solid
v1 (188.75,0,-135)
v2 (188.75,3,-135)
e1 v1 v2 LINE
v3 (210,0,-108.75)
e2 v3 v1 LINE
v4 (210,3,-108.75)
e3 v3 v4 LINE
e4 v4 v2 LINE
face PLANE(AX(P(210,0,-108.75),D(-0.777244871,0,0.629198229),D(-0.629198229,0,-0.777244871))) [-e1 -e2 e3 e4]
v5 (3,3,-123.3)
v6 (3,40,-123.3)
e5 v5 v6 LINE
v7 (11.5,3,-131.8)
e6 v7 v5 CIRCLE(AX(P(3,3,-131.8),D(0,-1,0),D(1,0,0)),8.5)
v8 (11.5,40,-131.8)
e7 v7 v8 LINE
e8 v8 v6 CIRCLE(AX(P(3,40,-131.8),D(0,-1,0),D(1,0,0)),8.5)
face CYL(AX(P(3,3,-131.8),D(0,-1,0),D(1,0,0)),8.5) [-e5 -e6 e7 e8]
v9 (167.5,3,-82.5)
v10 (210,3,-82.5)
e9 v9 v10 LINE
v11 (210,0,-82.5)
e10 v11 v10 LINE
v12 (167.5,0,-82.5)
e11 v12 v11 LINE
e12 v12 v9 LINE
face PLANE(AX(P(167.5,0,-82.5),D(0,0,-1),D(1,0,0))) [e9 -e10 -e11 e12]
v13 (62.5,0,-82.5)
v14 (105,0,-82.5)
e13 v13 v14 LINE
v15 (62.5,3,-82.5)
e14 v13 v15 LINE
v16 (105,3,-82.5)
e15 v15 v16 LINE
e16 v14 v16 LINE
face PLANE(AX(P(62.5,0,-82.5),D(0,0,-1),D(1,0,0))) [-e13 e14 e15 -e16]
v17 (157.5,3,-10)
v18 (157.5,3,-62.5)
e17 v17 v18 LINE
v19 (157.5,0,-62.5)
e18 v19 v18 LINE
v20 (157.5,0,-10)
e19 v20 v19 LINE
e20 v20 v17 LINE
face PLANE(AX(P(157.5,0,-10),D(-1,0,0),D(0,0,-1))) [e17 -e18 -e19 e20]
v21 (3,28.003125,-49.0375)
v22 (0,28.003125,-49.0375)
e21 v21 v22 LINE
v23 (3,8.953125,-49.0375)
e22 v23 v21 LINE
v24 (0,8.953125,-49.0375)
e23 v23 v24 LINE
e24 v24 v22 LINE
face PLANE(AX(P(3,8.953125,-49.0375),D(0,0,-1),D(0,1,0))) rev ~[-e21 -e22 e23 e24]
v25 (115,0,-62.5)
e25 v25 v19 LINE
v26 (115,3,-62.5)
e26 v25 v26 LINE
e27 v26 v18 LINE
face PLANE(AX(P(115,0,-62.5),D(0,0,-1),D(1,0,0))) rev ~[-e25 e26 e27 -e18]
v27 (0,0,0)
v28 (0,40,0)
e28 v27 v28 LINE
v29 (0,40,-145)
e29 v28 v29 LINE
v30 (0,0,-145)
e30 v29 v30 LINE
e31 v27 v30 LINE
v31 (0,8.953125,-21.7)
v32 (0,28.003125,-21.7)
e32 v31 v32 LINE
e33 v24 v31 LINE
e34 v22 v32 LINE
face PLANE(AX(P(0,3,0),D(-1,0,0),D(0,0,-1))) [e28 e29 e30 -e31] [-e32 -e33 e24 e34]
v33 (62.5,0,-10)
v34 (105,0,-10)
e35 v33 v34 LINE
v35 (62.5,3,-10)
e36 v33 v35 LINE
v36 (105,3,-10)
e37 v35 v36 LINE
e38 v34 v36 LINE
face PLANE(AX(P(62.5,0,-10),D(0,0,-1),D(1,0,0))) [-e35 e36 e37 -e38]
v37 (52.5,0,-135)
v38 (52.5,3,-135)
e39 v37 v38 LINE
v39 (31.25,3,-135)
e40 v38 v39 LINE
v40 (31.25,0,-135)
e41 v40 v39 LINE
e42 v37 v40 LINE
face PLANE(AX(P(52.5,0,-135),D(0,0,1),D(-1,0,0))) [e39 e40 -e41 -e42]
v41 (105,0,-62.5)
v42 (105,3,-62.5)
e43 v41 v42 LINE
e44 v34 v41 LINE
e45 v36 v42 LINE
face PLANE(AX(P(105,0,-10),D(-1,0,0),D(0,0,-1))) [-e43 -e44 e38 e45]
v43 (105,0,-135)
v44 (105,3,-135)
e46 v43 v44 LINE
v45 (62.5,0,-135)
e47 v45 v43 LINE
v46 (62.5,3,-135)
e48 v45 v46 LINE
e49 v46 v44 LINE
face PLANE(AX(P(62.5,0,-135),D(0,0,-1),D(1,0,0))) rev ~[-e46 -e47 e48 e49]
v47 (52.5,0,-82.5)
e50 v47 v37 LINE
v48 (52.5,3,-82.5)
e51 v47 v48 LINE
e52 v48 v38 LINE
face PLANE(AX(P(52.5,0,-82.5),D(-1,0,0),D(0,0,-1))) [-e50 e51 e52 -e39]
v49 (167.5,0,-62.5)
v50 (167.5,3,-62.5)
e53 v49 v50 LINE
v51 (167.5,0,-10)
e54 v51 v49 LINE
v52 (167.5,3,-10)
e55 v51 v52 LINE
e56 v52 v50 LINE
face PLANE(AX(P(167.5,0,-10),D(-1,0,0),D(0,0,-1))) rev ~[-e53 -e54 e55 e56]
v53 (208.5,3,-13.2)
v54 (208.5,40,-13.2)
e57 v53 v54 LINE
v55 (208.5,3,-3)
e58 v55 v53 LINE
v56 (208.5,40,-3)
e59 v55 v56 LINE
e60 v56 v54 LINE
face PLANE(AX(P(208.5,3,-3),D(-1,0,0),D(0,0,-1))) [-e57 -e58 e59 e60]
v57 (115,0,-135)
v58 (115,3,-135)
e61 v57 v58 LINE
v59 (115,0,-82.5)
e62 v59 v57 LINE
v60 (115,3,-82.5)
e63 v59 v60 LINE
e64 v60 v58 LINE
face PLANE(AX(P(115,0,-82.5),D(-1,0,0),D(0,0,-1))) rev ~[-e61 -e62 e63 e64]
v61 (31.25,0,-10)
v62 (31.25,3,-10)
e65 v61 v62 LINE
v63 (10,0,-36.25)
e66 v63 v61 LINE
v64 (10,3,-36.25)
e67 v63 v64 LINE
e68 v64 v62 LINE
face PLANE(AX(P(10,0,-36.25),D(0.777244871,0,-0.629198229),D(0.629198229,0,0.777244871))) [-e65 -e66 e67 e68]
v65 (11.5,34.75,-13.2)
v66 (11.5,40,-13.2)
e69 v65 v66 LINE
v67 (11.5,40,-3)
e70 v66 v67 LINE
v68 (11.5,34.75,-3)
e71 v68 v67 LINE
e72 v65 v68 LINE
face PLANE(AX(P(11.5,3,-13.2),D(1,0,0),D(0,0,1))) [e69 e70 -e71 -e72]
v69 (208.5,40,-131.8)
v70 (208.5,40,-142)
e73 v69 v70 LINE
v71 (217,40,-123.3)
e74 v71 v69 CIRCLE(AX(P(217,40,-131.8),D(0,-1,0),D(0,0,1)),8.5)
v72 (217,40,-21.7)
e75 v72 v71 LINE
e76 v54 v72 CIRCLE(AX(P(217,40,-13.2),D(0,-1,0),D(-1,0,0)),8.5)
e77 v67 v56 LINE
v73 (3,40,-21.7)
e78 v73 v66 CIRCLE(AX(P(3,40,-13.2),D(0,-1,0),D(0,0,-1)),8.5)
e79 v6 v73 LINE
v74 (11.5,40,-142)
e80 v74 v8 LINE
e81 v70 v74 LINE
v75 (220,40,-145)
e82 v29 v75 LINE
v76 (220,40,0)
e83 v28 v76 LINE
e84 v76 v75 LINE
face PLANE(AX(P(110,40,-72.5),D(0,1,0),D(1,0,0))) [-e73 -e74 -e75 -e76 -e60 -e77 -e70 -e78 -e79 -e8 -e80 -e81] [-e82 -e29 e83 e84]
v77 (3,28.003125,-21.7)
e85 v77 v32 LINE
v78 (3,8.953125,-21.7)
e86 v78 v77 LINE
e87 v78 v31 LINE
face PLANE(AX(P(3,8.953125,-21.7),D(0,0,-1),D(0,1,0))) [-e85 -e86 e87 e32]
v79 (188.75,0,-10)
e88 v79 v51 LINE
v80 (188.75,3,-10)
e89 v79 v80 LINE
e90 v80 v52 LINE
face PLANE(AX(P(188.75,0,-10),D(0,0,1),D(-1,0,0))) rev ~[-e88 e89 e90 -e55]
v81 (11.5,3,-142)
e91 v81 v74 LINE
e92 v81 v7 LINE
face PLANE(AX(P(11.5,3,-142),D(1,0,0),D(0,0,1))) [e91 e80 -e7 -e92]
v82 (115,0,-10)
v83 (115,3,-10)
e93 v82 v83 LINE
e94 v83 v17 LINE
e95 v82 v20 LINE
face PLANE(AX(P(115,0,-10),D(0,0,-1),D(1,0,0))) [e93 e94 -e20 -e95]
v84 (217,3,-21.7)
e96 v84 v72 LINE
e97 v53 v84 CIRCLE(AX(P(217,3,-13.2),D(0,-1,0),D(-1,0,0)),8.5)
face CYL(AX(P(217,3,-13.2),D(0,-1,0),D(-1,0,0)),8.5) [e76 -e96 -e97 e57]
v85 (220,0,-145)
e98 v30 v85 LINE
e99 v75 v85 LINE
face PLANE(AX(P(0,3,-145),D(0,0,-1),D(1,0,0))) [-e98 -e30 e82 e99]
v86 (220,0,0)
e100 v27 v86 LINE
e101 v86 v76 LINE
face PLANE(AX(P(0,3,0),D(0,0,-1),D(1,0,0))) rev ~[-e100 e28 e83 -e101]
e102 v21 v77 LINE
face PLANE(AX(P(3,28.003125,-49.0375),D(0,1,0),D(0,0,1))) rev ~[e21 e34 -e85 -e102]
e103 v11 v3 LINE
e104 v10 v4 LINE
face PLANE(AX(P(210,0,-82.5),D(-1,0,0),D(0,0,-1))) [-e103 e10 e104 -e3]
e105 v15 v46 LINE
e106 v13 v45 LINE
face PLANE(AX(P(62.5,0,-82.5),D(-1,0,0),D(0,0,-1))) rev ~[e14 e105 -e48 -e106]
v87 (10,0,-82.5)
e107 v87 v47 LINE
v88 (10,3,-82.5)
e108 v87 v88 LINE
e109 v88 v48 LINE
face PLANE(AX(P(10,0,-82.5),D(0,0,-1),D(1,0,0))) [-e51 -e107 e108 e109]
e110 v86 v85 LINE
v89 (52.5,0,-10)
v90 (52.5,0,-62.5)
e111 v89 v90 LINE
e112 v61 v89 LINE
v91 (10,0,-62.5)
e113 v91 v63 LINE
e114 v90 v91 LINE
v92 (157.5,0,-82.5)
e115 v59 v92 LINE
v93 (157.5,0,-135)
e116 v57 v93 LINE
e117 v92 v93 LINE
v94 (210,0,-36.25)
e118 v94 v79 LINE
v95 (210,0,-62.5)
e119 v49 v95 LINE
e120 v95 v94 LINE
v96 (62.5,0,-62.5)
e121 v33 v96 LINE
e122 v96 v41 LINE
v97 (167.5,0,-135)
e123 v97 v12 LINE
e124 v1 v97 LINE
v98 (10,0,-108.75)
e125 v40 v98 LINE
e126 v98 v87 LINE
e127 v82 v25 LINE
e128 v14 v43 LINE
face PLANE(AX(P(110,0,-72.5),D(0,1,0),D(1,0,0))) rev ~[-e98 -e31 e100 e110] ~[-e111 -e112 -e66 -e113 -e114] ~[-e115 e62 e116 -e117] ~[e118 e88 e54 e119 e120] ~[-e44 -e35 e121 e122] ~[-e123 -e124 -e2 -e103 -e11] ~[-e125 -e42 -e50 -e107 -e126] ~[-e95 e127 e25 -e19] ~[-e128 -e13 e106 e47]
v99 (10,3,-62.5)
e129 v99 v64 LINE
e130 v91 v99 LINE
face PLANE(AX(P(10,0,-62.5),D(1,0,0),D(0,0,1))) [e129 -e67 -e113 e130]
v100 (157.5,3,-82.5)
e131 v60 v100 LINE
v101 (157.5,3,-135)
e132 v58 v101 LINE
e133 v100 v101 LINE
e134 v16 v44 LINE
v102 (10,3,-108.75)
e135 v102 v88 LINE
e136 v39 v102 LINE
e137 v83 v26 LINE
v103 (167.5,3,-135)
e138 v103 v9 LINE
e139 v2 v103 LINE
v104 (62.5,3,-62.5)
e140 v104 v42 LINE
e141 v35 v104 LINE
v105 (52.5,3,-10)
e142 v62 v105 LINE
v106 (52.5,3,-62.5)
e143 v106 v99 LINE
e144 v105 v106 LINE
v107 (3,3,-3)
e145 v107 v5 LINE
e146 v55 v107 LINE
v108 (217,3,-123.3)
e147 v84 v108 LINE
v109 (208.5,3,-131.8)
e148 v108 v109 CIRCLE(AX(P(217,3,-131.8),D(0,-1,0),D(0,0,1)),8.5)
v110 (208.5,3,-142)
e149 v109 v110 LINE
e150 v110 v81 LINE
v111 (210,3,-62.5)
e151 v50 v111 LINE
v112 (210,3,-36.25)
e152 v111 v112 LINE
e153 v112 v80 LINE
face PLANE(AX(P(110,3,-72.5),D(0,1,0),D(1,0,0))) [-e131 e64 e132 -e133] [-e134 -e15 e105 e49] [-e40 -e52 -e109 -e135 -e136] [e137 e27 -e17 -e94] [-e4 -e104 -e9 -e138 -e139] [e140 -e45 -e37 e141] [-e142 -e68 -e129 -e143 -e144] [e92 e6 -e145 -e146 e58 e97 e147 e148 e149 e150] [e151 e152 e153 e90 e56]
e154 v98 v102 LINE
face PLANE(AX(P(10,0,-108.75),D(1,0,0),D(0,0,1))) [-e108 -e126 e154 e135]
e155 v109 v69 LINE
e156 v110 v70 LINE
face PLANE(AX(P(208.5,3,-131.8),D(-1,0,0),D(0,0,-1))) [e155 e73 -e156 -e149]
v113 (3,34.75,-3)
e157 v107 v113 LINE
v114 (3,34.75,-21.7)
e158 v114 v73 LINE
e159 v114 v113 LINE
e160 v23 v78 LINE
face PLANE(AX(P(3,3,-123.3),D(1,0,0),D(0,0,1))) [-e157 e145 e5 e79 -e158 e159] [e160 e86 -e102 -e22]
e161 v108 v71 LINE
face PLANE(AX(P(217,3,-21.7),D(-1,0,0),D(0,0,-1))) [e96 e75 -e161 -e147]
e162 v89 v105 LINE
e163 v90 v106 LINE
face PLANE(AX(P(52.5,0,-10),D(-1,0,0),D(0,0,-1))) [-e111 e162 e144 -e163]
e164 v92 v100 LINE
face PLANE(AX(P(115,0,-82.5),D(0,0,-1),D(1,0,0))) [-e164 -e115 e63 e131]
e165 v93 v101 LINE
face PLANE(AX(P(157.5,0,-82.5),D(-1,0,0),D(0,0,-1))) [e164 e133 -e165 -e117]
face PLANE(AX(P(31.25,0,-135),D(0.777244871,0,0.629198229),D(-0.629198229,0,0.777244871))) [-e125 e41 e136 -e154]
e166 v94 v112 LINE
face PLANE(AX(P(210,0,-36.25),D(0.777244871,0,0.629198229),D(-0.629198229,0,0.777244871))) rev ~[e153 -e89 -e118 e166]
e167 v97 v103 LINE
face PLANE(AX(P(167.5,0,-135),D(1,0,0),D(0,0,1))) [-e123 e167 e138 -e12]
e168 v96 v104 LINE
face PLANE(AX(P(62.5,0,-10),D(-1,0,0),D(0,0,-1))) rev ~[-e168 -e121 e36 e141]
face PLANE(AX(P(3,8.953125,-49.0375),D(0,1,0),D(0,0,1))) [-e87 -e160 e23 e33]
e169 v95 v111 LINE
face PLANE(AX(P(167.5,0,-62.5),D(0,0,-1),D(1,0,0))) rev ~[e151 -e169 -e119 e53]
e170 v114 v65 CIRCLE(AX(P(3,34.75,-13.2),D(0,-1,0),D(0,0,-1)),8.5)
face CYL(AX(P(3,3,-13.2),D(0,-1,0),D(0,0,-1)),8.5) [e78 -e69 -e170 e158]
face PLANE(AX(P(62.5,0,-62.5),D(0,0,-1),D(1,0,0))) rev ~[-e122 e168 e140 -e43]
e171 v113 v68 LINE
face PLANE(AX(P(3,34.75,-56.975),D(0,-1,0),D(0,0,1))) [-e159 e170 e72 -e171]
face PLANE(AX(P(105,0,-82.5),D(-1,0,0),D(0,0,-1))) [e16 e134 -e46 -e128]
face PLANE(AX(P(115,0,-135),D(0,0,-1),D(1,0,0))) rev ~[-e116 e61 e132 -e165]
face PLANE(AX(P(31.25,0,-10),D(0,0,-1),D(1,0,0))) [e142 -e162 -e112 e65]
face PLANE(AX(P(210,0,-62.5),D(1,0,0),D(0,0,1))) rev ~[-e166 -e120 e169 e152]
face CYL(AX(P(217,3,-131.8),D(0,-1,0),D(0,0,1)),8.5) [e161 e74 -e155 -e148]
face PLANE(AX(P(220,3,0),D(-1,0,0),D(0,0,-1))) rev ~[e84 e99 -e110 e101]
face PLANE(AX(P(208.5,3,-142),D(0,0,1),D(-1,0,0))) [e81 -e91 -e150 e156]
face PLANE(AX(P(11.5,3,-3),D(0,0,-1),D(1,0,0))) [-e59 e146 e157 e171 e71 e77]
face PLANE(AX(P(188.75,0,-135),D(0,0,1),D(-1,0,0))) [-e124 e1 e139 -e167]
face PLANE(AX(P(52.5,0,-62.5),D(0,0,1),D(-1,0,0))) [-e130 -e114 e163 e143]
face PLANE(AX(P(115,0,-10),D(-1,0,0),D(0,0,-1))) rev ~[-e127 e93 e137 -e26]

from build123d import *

# Parameters (mm, degrees)
SKETCH1_W           = 220
SKETCH1_H           = 145
SKETCH1_W_2         = 42.5
SKETCH1_H_2         = 52.5
BOSS_EXTRUDE1_DEPTH = 3
SKETCH2_W           = 220
SKETCH2_H           = 145
BOSS_EXTRUDE2_DEPTH = 37
SKETCH3_W           = 27.3375
SKETCH3_H           = 19.05
CUT_EXTRUDE1_DEPTH  = 3
SKETCH3_6_W         = 53.975
SKETCH3_6_H         = 31.75
CUT_EXTRUDE2_DEPTH  = 8.5


with BuildPart() as part:
    # Sketch1 → Boss-Extrude1 (new body)
    with BuildSketch(Plane(origin=(0, 0, 0), x_dir=(1, 0, 0), z_dir=(0, 1, 0))):
        with Locations((110, 72.5)):
            Rectangle(SKETCH1_W, SKETCH1_H)
        Polygon((10, 82.5), (52.5, 82.5), (52.5, 135), (31.25, 135), (10, 108.75), align=None, mode=Mode.SUBTRACT)
        with Locations((83.75, 108.75)):
            Rectangle(SKETCH1_W_2, SKETCH1_H_2, mode=Mode.SUBTRACT)
        with Locations((83.75, 36.25)):
            Rectangle(SKETCH1_W_2, SKETCH1_H_2, mode=Mode.SUBTRACT)
        Polygon((10, 36.25), (31.25, 10), (52.5, 10), (52.5, 62.5), (10, 62.5), align=None, mode=Mode.SUBTRACT)
        Polygon((210, 62.5), (210, 36.25), (188.75, 10), (167.5, 10), (167.5, 62.5), align=None, mode=Mode.SUBTRACT)
        with Locations((136.25, 36.25)):
            Rectangle(SKETCH1_W_2, SKETCH1_H_2, mode=Mode.SUBTRACT)
        with Locations((136.25, 108.75)):
            Rectangle(SKETCH1_W_2, SKETCH1_H_2, mode=Mode.SUBTRACT)
        Polygon((210, 108.75), (188.75, 135), (167.5, 135), (167.5, 82.5), (210, 82.5), align=None, mode=Mode.SUBTRACT)
    extrude(amount=BOSS_EXTRUDE1_DEPTH)

    # Sketch2 → Boss-Extrude2 (add)
    with BuildSketch(Plane(origin=(0, 3, 0), x_dir=(1, 0, 0), z_dir=(0, 1, 0))):
        with Locations((110, 72.5)):
            Rectangle(SKETCH2_W, SKETCH2_H)
        with BuildLine():
            Line((3, 123.3), (3, 21.7))
            ThreePointArc((3, 21.7), (9.01040764, 19.21040764), (11.5, 13.2))
            Line((11.5, 13.2), (11.5, 3))
            Line((11.5, 3), (208.5, 3))
            Line((208.5, 3), (208.5, 13.2))
            ThreePointArc((208.5, 13.2), (210.98959236, 19.21040764), (217, 21.7))
            Line((217, 21.7), (217, 123.3))
            ThreePointArc((217, 123.3), (210.98959236, 125.78959236), (208.5, 131.8))
            Line((208.5, 131.8), (208.5, 142))
            Line((208.5, 142), (11.5, 142))
            Line((11.5, 142), (11.5, 131.8))
            ThreePointArc((11.5, 131.8), (9.01040764, 125.78959236), (3, 123.3))
        make_face(mode=Mode.SUBTRACT)
    extrude(amount=BOSS_EXTRUDE2_DEPTH)

    # Sketch3 → Cut-Extrude1 (cut)
    with BuildSketch(Plane.ZY.offset(-3)):
        with Locations((-35.36875, 18.478125)):
            Rectangle(SKETCH3_W, SKETCH3_H)
    extrude(amount=CUT_EXTRUDE1_DEPTH, mode=Mode.SUBTRACT)

    # Sketch3<6> → Cut-Extrude2 (cut)
    with BuildSketch(Plane.ZY.offset(-3)):
        with Locations((-29.9875, 18.875)):
            Rectangle(SKETCH3_6_W, SKETCH3_6_H)
    extrude(amount=-CUT_EXTRUDE2_DEPTH, mode=Mode.SUBTRACT)


solid = part.part
